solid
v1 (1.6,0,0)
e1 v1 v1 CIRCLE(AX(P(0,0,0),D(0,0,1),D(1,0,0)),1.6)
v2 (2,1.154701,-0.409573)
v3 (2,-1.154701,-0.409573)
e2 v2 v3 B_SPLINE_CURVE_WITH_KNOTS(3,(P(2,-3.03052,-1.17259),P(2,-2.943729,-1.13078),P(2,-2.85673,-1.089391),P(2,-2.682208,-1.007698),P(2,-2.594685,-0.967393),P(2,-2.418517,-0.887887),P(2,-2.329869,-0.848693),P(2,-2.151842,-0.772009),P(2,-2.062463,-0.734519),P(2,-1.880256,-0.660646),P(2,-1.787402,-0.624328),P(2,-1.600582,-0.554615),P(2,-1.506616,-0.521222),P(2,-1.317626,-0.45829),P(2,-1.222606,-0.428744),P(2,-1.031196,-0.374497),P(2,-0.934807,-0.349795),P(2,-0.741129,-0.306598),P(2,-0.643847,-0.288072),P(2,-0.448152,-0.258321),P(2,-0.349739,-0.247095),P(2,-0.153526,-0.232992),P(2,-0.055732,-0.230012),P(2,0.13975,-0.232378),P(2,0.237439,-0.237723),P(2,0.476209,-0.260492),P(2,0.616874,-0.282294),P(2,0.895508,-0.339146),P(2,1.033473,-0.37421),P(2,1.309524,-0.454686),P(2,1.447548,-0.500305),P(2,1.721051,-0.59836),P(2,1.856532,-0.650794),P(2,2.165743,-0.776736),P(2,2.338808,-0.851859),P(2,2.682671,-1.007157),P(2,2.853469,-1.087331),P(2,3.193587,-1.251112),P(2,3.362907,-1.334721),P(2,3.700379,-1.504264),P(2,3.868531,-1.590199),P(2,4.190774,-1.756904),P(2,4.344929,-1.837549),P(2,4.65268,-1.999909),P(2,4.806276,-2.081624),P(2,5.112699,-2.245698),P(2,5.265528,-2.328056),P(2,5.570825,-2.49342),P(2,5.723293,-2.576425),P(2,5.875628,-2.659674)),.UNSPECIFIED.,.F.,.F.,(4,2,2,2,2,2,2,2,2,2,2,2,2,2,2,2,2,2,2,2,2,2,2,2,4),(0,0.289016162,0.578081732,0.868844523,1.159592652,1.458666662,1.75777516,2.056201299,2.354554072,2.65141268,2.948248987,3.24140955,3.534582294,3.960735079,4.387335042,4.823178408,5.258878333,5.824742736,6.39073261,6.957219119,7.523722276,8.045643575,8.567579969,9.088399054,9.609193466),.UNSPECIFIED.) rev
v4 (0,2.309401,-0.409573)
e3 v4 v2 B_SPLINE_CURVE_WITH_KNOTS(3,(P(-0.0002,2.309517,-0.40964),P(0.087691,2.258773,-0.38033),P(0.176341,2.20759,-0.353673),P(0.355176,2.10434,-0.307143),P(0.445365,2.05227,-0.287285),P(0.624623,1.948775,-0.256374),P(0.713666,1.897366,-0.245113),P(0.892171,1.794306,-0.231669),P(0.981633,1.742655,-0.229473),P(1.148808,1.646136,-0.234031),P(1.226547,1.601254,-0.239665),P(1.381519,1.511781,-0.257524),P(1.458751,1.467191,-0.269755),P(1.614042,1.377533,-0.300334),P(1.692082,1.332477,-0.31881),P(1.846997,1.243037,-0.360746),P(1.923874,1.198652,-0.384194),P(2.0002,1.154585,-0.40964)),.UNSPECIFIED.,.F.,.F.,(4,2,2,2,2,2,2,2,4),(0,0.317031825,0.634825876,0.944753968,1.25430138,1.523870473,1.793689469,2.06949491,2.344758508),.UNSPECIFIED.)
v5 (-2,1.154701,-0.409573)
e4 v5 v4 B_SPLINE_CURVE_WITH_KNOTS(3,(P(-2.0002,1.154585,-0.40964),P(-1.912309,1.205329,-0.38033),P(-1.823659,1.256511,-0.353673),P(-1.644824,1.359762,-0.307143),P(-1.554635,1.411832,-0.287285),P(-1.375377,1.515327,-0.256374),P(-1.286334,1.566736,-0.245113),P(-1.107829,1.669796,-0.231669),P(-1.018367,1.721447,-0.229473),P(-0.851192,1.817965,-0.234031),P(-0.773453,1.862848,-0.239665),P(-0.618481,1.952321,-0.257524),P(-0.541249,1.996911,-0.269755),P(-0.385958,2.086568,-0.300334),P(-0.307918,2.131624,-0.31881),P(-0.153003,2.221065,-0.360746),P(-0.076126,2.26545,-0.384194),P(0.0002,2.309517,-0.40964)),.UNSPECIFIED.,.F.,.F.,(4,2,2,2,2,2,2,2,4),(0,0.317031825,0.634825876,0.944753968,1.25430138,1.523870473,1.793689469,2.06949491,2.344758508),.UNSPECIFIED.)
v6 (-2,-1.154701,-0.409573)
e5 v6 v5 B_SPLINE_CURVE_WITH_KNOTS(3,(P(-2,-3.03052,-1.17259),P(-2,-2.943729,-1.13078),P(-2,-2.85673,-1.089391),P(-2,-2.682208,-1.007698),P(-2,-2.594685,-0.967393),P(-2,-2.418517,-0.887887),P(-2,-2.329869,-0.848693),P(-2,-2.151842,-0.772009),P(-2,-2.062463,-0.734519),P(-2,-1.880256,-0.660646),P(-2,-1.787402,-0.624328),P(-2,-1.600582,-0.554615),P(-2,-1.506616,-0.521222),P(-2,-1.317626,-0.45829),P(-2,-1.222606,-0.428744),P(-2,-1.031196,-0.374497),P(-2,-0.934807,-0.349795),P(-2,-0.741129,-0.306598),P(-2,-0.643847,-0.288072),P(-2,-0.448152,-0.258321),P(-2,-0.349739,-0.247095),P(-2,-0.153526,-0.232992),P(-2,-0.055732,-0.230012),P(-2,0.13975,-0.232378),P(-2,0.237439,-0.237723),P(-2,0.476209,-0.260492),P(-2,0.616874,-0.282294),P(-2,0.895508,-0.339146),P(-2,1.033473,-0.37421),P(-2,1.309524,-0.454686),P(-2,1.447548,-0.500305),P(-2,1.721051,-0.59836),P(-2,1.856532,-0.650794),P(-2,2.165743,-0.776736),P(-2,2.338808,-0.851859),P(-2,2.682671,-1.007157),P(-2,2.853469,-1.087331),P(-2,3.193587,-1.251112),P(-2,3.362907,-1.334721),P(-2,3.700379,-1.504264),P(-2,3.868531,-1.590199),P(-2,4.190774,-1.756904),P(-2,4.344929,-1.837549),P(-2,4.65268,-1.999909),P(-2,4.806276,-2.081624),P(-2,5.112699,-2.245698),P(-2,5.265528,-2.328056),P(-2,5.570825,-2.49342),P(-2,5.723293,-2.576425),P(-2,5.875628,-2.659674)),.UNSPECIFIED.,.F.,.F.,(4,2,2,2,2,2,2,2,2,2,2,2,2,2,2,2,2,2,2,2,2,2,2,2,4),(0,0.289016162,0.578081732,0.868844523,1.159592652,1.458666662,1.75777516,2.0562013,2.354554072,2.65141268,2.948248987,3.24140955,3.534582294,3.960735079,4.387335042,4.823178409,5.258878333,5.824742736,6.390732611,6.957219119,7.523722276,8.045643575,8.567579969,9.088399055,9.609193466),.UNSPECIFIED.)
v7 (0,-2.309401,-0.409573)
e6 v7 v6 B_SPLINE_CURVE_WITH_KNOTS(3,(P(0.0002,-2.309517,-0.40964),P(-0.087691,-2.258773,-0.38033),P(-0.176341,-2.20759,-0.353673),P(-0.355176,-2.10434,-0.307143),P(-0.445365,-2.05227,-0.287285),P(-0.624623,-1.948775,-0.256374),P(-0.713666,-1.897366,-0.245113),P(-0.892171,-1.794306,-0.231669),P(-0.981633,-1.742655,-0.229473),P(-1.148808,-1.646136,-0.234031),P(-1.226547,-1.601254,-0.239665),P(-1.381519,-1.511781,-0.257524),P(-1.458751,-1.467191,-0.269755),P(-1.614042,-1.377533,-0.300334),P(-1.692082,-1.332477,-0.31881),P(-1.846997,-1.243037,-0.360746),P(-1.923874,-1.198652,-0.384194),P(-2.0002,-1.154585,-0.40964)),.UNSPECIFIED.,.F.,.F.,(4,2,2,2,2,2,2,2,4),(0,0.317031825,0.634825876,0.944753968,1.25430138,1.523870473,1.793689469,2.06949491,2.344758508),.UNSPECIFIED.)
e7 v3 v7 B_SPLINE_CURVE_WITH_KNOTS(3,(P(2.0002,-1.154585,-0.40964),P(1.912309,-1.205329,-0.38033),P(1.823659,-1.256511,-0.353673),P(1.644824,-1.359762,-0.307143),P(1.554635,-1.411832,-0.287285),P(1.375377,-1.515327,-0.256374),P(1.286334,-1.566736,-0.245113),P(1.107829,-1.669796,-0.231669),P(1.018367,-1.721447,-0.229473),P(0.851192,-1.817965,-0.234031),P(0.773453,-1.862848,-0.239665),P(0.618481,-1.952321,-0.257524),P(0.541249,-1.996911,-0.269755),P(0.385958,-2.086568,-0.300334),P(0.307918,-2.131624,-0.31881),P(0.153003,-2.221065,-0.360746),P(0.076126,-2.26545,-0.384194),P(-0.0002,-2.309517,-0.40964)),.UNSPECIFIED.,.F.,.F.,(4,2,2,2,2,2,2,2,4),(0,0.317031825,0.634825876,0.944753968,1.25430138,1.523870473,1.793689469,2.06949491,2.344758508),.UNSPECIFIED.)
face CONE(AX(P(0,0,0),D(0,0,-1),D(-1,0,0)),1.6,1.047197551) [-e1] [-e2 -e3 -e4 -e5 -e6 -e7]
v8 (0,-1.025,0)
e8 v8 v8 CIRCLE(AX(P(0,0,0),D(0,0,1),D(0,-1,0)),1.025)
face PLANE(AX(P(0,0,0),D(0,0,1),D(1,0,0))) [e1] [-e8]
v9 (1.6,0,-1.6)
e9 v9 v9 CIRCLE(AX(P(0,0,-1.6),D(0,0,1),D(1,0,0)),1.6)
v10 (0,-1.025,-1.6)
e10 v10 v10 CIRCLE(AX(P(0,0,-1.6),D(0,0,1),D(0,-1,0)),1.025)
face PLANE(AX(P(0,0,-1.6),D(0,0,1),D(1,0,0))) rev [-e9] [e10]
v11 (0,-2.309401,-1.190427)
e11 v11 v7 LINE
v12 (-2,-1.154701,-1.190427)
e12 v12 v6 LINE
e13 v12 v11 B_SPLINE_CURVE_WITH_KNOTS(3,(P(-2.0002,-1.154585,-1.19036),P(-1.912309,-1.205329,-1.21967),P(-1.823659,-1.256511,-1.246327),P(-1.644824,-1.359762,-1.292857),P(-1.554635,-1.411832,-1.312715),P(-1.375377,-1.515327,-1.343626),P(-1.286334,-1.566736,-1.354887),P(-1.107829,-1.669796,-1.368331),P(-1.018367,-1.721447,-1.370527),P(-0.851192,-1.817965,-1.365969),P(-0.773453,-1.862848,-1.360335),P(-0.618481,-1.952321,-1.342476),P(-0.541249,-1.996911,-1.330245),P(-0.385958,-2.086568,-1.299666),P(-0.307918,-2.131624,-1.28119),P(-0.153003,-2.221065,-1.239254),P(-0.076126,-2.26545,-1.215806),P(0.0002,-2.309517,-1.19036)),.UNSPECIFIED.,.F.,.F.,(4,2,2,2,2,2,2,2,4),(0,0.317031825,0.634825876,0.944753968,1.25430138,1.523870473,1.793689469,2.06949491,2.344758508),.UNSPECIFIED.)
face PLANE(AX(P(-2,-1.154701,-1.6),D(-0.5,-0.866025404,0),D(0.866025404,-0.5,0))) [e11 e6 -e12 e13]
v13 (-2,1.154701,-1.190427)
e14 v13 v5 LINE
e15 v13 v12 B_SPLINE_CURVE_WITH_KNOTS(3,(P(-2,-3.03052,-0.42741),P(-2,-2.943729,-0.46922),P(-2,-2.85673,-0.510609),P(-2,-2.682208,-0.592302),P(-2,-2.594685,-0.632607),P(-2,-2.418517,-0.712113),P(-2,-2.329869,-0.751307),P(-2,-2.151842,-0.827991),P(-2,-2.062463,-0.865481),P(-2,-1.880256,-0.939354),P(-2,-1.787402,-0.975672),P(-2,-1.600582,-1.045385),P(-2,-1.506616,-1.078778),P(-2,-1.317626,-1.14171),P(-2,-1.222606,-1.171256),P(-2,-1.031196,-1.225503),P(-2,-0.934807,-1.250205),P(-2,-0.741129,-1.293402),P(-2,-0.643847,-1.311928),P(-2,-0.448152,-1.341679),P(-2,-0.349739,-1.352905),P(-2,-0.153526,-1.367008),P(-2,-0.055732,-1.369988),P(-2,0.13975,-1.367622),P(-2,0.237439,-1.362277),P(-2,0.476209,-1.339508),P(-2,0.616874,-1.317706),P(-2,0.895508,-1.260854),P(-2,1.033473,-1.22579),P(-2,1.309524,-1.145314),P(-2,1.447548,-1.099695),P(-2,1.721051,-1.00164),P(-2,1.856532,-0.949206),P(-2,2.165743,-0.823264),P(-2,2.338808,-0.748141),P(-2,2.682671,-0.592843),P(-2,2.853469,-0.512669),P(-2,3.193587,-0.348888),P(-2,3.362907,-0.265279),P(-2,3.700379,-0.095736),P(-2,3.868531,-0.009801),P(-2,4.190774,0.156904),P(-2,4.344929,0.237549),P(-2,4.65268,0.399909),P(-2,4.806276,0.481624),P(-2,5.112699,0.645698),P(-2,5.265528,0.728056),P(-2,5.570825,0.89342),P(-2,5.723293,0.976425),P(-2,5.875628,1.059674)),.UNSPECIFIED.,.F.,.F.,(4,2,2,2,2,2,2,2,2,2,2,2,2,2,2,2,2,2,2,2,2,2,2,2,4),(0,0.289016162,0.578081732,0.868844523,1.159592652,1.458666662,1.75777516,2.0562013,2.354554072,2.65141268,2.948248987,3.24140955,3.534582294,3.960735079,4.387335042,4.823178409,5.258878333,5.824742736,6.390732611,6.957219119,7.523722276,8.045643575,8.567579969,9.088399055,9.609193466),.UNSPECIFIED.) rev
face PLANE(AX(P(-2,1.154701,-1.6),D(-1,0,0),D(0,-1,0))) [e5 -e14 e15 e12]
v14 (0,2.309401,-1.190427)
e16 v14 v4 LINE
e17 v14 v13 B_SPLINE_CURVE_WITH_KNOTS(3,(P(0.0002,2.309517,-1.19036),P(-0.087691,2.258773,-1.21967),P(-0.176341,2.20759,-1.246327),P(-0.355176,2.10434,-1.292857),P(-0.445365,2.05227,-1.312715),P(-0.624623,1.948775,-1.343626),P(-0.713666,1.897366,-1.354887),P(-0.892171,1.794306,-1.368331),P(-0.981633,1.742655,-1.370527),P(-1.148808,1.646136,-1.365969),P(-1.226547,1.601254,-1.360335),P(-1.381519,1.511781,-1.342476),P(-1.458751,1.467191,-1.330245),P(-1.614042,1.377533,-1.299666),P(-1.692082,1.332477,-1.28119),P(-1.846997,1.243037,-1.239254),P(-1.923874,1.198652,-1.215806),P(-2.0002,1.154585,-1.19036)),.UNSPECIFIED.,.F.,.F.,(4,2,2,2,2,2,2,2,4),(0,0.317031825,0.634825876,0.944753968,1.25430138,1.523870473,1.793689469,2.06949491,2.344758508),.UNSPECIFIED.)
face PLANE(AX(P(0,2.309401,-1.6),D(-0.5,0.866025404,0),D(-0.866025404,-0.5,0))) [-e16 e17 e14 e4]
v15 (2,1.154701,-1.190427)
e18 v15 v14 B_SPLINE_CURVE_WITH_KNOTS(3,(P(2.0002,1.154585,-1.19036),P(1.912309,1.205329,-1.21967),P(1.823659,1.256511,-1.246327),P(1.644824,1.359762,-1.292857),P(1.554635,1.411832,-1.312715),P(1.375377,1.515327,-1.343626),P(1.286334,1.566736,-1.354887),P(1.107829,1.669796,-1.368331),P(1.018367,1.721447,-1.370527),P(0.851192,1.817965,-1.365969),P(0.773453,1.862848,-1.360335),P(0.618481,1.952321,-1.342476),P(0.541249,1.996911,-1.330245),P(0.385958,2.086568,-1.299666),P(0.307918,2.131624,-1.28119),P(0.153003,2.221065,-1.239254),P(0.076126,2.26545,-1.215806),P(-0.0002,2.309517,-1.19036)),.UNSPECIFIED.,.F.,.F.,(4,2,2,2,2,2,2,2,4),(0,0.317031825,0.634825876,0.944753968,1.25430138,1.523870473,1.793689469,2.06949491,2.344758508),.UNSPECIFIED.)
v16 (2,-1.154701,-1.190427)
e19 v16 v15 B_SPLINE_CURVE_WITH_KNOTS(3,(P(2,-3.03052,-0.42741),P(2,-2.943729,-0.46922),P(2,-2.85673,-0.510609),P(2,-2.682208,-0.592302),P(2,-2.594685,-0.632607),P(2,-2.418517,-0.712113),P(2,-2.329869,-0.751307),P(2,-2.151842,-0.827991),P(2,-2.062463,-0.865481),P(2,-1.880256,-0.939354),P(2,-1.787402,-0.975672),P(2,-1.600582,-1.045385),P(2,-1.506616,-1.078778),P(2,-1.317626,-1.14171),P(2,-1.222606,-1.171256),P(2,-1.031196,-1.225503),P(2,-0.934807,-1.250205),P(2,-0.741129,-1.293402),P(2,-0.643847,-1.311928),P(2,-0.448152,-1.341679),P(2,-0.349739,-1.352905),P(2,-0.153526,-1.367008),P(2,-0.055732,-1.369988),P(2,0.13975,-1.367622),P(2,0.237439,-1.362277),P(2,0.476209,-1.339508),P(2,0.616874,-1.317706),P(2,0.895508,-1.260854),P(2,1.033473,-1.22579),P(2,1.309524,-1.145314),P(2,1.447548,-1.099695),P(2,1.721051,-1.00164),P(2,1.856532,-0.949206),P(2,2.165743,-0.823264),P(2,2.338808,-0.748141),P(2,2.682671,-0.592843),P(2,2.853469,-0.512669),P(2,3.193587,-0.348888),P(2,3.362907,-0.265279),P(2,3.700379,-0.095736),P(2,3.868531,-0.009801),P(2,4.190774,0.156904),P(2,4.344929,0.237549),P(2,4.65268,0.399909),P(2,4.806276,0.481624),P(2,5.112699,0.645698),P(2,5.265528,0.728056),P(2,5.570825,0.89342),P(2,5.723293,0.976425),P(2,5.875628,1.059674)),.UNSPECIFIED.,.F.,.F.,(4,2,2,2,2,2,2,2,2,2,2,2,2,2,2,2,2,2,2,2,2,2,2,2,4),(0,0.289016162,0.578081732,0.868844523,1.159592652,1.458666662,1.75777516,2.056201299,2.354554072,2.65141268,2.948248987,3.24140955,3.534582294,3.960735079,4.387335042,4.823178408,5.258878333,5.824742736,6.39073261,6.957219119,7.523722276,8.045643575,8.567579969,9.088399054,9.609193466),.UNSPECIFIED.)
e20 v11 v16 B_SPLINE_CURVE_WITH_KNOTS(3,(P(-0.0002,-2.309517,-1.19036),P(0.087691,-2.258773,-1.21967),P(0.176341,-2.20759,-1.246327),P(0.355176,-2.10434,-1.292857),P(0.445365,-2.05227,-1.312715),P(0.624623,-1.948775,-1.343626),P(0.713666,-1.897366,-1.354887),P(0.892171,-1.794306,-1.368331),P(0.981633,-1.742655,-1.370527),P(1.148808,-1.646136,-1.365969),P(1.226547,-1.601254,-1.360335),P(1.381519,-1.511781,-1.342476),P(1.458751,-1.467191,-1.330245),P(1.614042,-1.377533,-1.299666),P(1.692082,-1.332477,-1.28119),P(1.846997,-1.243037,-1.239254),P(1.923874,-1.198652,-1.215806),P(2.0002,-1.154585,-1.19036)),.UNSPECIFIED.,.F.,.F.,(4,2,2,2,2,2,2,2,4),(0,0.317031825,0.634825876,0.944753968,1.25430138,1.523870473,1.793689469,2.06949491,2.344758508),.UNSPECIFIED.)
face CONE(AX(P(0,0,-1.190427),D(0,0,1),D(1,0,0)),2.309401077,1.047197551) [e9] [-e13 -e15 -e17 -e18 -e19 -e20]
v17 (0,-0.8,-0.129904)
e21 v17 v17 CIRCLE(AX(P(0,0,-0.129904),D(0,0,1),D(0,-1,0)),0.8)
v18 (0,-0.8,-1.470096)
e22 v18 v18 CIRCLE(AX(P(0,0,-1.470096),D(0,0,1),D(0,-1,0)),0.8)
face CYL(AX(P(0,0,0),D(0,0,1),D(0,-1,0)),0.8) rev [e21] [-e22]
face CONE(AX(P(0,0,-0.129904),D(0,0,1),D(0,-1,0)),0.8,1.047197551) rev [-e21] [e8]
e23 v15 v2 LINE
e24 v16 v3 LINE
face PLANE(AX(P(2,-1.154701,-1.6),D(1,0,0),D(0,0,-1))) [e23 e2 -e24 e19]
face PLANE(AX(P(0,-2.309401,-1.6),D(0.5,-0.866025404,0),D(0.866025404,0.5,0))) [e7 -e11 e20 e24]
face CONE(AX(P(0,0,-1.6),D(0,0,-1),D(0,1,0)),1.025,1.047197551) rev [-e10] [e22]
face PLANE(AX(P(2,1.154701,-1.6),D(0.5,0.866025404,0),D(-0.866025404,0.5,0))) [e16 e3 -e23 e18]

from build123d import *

# Parameters (mm, degrees)
BOSS_EXTRUDE1_DEPTH = 1.6


with BuildPart() as part:
    # Sketch1 → Boss-Extrude1 (new body)
    with BuildSketch(Plane.XY):
        Polygon((0, 2.309401077), (-2, 1.154700538), (-2, -1.154700538), (0, -2.309401077), (2, -1.154700538), (2, 1.154700538), align=None)
    extrude(amount=-BOSS_EXTRUDE1_DEPTH)

    # Sketch4 → Cut-Revolve1 (revolve, cut)
    with BuildSketch(Plane(origin=(0, 0, 0), x_dir=(0, 0, -1), z_dir=(1, 0, 0)), mode=Mode.PRIVATE) as cut_revolve1_sk:
        Polygon((1.6, 2.309401077), (1.190427097, 2.309401077), (1.6, 1.6), align=None)
        Polygon((0, 2.309401077), (0.409572903, 2.309401077), (0, 1.6), align=None)
    revolve(cut_revolve1_sk.sketch.rotate(Axis((0, 0, 0), (0, 0, -1)), 299.99999989), axis=Axis((0, 0, 0), (0, 0, -1)), mode=Mode.SUBTRACT)

    # Sketch5 → Cut-Revolve2 (revolve, cut)
    with BuildSketch(Plane(origin=(0, 0, 0), x_dir=(0, 0, -1), z_dir=(1, 0, 0)), mode=Mode.PRIVATE) as cut_revolve2_sk:
        Polygon((0, 0), (0, 1.025), (0.129903811, 0.8), (1.470096189, 0.8), (1.6, 1.025), (1.6, 0), align=None)
    revolve(cut_revolve2_sk.sketch.rotate(Axis((0, 0, 0), (0, 0, -1)), 180), axis=Axis((0, 0, 0), (0, 0, -1)), mode=Mode.SUBTRACT)


solid = part.part
